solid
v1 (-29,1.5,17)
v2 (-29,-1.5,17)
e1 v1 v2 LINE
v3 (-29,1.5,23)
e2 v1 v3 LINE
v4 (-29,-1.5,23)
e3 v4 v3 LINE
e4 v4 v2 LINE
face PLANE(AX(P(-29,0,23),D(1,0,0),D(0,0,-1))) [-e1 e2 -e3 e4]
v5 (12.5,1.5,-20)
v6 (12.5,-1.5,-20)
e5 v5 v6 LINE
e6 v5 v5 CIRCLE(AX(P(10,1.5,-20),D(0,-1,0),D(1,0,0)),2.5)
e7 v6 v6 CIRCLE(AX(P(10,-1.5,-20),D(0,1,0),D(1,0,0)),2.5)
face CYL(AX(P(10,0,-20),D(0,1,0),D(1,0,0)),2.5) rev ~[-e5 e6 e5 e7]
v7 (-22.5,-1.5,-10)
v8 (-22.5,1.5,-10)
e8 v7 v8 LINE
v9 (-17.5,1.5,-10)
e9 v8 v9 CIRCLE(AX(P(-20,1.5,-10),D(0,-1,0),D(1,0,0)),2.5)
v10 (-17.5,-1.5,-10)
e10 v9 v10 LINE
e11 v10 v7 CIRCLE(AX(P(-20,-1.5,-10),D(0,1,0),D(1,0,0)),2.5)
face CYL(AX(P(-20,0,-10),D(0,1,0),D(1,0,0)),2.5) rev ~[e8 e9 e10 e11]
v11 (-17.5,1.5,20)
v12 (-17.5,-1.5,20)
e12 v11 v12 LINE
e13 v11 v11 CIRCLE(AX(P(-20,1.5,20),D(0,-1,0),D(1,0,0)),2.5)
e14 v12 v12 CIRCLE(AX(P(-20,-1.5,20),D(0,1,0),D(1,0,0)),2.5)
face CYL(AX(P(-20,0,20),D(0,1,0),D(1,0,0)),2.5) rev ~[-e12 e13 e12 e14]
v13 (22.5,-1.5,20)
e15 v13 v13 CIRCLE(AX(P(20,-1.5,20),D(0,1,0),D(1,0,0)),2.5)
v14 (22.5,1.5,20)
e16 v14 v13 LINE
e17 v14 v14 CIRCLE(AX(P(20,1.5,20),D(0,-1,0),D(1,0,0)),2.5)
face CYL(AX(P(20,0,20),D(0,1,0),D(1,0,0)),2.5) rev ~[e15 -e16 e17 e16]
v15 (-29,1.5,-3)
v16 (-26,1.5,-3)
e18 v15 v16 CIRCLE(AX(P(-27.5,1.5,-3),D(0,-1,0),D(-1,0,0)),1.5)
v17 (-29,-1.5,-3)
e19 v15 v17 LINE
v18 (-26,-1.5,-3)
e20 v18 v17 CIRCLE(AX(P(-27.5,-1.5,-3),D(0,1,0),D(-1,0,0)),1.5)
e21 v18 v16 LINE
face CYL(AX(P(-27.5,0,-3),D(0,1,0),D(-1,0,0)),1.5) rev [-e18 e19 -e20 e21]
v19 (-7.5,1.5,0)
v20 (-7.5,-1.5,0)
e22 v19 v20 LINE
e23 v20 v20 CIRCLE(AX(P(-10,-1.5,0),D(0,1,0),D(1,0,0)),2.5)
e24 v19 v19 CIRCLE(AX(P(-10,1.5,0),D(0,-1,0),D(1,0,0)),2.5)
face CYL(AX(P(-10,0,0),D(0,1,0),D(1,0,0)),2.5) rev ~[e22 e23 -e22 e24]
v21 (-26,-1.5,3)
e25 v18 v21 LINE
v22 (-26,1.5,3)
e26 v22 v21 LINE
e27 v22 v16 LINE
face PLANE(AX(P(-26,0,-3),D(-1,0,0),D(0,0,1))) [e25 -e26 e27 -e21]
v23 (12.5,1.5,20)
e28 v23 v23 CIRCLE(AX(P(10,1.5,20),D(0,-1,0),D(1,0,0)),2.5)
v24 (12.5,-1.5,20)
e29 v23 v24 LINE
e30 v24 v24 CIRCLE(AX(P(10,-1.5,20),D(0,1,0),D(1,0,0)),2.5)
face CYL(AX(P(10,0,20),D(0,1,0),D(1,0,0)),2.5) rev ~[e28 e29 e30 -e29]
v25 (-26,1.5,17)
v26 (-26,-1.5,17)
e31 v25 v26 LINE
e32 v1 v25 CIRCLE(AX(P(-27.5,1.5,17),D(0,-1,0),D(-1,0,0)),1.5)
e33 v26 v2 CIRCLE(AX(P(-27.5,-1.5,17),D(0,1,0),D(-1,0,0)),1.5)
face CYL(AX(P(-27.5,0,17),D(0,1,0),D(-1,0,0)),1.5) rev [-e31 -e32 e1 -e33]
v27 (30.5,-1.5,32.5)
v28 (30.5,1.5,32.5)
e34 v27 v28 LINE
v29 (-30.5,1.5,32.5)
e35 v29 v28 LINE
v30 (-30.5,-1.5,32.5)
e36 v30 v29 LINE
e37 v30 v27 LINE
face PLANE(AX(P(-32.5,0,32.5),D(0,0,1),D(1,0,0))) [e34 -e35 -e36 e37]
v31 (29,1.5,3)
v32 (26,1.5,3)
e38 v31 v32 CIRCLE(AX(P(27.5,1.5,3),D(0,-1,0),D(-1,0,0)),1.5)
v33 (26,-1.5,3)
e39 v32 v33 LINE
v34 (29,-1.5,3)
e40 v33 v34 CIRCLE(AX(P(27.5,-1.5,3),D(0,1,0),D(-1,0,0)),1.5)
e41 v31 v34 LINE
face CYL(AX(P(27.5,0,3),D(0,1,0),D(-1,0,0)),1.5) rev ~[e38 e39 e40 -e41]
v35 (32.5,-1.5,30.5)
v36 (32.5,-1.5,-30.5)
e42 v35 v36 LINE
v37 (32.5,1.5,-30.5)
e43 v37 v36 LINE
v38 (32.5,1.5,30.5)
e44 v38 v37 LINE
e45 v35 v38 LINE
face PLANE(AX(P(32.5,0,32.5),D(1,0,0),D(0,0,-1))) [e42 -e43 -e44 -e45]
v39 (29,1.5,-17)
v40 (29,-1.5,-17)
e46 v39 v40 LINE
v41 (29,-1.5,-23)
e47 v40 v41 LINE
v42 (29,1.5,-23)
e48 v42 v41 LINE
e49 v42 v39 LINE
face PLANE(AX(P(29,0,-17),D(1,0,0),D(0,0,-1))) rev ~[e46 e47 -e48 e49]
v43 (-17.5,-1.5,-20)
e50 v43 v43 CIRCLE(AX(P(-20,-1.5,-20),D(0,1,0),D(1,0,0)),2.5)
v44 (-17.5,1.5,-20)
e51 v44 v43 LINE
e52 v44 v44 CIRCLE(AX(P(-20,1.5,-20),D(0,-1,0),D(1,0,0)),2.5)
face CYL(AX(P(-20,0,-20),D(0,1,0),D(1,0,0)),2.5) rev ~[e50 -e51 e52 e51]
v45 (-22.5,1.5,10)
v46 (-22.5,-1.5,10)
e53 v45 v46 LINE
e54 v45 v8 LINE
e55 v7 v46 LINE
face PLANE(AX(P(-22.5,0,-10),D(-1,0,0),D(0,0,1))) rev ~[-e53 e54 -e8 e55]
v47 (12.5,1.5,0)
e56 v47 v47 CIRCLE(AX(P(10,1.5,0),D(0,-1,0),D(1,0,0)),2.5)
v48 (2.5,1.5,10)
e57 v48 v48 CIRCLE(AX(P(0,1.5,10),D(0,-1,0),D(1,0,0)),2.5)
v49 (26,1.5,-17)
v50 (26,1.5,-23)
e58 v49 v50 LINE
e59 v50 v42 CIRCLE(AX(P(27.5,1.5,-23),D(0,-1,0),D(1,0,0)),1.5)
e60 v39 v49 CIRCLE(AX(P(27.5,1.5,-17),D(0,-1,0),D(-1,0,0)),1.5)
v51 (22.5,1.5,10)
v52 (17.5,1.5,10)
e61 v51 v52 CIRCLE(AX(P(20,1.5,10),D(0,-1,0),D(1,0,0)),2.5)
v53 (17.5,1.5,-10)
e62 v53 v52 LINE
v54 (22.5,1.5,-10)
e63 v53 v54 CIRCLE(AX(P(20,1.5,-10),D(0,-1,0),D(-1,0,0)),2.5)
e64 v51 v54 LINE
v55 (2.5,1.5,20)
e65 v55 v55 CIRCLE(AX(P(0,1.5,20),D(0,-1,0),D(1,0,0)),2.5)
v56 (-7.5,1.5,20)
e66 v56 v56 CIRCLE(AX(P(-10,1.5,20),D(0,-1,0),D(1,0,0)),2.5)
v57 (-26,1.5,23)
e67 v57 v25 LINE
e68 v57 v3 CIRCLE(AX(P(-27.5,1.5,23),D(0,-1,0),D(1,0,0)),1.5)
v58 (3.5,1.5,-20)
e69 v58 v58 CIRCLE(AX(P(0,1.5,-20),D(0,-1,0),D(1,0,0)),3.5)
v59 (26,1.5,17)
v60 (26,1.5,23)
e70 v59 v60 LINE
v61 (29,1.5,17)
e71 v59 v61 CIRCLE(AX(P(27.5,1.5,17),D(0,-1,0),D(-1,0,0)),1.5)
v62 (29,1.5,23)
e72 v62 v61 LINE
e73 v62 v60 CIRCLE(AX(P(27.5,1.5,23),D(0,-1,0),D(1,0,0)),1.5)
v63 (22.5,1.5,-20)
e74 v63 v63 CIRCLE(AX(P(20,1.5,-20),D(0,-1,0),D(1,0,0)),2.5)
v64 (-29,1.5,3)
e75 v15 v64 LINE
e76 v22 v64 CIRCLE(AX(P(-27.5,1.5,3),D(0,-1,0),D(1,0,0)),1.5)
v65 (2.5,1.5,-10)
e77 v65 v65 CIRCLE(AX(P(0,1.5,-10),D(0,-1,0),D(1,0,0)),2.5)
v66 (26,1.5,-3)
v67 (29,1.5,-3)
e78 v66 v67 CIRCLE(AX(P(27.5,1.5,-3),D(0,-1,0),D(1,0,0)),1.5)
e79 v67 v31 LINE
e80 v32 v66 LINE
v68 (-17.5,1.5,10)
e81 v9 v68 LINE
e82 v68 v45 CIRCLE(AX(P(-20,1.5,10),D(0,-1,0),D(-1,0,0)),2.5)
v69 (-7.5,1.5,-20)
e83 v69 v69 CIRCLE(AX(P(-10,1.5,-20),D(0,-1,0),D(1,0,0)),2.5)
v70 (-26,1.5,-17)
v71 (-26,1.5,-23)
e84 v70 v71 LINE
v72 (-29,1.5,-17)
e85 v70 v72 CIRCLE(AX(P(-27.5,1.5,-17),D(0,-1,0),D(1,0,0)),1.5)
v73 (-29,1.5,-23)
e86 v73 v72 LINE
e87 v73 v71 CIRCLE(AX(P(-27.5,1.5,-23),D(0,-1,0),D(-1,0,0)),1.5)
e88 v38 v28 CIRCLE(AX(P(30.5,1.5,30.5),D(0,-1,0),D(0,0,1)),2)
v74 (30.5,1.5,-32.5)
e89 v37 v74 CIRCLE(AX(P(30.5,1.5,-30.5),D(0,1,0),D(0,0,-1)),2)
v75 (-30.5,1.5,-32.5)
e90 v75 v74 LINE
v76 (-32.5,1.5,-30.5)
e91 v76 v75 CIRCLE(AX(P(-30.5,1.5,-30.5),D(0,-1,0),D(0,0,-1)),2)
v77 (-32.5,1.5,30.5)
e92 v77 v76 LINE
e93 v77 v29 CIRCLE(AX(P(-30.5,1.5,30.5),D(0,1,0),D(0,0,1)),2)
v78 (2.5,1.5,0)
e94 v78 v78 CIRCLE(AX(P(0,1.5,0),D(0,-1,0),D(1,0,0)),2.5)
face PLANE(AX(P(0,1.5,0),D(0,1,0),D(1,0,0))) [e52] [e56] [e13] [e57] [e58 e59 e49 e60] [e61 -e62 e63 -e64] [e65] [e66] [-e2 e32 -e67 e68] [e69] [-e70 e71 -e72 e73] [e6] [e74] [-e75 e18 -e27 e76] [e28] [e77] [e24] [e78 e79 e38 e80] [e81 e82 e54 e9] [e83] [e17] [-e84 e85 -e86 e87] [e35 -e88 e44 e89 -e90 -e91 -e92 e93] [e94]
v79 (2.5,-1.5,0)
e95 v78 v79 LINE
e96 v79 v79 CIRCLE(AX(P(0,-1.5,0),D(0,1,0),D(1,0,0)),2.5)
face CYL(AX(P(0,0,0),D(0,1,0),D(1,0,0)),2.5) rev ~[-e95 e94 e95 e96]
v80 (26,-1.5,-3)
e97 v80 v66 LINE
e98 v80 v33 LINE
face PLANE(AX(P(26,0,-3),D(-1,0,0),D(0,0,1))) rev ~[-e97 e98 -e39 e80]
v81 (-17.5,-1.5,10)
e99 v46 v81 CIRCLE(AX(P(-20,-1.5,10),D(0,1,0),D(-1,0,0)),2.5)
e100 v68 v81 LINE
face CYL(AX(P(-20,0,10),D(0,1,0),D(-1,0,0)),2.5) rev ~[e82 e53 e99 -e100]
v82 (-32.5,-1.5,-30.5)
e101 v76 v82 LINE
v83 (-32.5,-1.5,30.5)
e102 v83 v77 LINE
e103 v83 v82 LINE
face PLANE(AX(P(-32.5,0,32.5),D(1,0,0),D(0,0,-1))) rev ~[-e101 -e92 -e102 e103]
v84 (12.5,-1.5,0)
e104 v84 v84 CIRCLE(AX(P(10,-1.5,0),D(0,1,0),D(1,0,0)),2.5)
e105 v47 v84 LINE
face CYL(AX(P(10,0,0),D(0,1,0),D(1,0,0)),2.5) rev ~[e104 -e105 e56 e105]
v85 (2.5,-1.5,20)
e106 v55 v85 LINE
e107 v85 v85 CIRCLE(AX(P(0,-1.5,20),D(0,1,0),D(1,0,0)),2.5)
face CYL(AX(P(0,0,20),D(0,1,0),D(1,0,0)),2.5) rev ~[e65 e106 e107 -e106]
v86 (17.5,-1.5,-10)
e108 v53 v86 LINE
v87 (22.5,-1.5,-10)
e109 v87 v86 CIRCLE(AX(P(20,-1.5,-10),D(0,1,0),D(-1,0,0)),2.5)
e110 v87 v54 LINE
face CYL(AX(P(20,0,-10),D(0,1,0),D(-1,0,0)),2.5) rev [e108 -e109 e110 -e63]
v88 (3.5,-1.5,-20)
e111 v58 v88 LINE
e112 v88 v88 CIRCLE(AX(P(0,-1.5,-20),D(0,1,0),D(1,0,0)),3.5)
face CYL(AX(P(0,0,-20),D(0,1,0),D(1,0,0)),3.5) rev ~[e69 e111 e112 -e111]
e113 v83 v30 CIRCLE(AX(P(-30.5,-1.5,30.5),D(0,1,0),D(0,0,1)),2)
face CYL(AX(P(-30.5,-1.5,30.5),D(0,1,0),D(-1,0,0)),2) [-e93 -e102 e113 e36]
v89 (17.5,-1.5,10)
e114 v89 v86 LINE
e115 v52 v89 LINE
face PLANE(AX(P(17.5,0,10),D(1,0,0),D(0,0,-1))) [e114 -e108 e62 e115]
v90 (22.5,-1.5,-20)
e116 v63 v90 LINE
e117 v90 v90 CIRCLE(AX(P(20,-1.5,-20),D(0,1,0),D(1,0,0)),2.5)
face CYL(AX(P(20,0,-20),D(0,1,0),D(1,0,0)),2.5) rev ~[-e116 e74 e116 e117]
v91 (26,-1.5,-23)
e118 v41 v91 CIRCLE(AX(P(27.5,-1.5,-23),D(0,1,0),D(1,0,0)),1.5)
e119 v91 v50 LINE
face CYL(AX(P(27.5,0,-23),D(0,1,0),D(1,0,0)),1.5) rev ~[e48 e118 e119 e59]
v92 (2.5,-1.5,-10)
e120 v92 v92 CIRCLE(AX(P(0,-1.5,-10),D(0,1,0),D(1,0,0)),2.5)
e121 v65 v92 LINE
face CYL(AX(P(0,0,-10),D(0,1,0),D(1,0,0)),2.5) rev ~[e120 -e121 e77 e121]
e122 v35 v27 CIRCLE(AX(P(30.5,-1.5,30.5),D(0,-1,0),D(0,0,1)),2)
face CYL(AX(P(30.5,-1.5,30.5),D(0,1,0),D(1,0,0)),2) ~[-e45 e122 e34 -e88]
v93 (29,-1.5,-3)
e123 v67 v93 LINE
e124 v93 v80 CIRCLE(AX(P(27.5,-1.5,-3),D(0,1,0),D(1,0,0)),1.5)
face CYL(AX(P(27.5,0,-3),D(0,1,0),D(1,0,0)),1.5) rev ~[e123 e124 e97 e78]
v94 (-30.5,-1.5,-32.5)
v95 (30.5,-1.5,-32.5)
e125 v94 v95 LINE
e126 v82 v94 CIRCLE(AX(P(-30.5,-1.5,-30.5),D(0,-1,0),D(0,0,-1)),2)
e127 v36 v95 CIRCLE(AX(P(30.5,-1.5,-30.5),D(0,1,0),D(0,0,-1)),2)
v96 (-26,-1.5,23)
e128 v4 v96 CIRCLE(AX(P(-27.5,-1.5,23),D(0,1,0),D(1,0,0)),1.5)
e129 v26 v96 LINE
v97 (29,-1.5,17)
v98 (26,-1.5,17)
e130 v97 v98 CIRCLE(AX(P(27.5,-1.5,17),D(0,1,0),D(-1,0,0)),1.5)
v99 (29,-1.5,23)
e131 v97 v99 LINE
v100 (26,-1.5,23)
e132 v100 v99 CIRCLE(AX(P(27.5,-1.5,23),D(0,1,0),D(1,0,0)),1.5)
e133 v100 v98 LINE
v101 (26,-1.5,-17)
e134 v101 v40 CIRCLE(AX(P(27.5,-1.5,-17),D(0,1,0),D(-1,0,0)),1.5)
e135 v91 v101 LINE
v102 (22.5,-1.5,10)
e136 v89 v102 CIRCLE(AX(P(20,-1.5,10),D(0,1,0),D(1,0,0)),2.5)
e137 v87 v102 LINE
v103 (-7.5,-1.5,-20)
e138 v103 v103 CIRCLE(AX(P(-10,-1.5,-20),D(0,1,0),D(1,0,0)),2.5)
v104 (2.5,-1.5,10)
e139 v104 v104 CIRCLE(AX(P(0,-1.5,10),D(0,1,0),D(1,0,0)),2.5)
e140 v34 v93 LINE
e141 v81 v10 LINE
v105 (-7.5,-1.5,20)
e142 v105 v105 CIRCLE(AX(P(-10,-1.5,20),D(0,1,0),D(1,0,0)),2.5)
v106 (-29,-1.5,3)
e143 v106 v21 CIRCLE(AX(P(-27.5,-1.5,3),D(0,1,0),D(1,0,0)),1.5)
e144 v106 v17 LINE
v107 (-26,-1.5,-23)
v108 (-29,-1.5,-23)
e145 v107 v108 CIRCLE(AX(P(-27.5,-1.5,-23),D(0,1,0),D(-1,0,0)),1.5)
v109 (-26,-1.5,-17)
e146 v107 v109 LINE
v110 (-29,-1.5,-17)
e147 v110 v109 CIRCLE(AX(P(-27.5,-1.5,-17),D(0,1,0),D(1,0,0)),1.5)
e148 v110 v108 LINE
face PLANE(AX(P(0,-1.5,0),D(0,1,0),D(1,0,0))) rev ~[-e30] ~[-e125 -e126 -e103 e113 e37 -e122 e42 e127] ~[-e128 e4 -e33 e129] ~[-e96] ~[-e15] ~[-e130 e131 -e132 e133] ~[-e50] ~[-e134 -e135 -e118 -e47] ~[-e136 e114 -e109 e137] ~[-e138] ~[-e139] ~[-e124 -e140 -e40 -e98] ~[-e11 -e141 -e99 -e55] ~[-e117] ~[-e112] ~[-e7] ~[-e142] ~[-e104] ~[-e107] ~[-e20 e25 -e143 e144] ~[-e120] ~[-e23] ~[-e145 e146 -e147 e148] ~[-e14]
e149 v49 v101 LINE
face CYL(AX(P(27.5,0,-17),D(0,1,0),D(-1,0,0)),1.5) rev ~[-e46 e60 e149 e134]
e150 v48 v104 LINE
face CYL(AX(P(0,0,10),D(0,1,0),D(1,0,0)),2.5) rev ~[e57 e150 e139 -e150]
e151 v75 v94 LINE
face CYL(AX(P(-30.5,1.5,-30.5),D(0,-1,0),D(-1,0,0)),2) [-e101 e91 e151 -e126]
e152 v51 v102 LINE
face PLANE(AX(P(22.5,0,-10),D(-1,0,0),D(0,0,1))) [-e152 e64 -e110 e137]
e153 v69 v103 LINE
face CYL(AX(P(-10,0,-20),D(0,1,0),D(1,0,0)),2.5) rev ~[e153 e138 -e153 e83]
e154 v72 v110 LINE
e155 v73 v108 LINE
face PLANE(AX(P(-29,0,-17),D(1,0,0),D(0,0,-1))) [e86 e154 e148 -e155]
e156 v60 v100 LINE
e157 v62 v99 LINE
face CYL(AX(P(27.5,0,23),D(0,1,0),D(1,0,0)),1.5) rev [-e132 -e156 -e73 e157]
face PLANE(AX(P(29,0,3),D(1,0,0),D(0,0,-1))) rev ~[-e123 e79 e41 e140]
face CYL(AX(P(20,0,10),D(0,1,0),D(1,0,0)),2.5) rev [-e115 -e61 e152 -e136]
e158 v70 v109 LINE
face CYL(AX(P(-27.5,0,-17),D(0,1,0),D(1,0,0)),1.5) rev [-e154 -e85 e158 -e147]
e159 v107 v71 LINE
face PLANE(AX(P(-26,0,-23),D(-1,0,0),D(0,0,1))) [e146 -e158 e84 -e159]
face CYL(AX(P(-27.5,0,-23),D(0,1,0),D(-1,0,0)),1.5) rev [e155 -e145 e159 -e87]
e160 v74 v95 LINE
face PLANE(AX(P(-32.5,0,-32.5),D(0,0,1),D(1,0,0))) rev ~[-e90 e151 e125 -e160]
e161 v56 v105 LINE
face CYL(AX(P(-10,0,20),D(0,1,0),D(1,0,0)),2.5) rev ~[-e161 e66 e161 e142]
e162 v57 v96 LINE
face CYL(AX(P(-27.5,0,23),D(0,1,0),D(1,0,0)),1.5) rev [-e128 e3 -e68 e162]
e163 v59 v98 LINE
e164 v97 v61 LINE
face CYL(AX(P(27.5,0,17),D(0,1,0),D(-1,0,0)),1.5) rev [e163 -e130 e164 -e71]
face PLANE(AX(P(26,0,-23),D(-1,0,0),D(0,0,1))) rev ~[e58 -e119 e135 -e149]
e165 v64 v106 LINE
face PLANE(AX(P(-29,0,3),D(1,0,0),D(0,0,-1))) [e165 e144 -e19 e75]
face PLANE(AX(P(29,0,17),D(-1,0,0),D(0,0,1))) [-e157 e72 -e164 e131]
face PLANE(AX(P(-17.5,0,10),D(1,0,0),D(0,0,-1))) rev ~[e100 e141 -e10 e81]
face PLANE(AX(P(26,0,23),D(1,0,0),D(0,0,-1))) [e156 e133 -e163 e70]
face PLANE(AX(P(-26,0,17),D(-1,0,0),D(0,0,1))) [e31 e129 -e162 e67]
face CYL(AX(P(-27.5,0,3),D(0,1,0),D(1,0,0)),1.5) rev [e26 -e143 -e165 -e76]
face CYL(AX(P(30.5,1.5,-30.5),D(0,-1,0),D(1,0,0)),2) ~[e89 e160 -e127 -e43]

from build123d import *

# Parameters (mm, degrees)
SKETCH1_W               = 65
SKETCH1_H               = 65
BOSS_EXTRUDE1_DEPTH     = 1.5
SKETCH2_R               = 2.5
CUT_EXTRUDE1_DEPTH      = 2.5
CUT_EXTRUDE1_DEPTH_BACK = 2.5
CUT_EXTRUDE2_DEPTH      = 2.5
CUT_EXTRUDE2_DEPTH_BACK = 2.5
SKETCH4_R               = 3.5
CUT_EXTRUDE3_DEPTH      = 2.5
CUT_EXTRUDE3_DEPTH_BACK = 2.5
CUT_EXTRUDE4_DEPTH      = 2.5
CUT_EXTRUDE4_DEPTH_BACK = 2.5
FILLET1_R               = 2


with BuildPart() as part:
    # Sketch1 → Boss-Extrude1 (new body, symmetric)
    with BuildSketch(Plane(origin=(0, 0, 0), x_dir=(1, 0, 0), z_dir=(0, 1, 0))):
        Rectangle(SKETCH1_W, SKETCH1_H)
    extrude(amount=BOSS_EXTRUDE1_DEPTH, both=True)

    # Sketch2 → Cut-Extrude1 (cut, two sides)
    with BuildSketch(Plane(origin=(0, 0, 0), x_dir=(1, 0, 0), z_dir=(0, 1, 0))) as cut_extrude1_sk:
        Circle(SKETCH2_R)
        with Locations((0, 10)):
            Circle(SKETCH2_R)
        with Locations((0, -10)):
            Circle(SKETCH2_R)
        with Locations((0, -20)):
            Circle(SKETCH2_R)
        with Locations((-10, 0)):
            Circle(SKETCH2_R)
        with Locations((-10, 20)):
            Circle(SKETCH2_R)
        with Locations((-10, -20)):
            Circle(SKETCH2_R)
        with Locations((-20, 20)):
            Circle(SKETCH2_R)
        with Locations((-20, -20)):
            Circle(SKETCH2_R)
        with Locations((10, 0)):
            Circle(SKETCH2_R)
        with Locations((10, 20)):
            Circle(SKETCH2_R)
        with Locations((10, -20)):
            Circle(SKETCH2_R)
        with Locations((20, 20)):
            Circle(SKETCH2_R)
        with Locations((20, -20)):
            Circle(SKETCH2_R)
    extrude(amount=CUT_EXTRUDE1_DEPTH, mode=Mode.SUBTRACT)
    extrude(cut_extrude1_sk.sketch, amount=-CUT_EXTRUDE1_DEPTH_BACK, mode=Mode.SUBTRACT)

    # Sketch3 → Cut-Extrude2 (cut, two sides)
    with BuildSketch(Plane(origin=(0, 0, 0), x_dir=(1, 0, 0), z_dir=(0, 1, 0))) as cut_extrude2_sk:
        with BuildLine():
            Line((22.5, 10), (22.5, -10))
            ThreePointArc((22.5, -10), (20, -12.5), (17.5, -10))
            Line((17.5, -10), (17.5, 10))
            ThreePointArc((17.5, 10), (20, 12.5), (22.5, 10))
        make_face()
        with BuildLine():
            Line((-22.5, 10), (-22.5, -10))
            ThreePointArc((-22.5, -10), (-20, -12.5), (-17.5, -10))
            Line((-17.5, -10), (-17.5, 10))
            ThreePointArc((-17.5, 10), (-20, 12.5), (-22.5, 10))
        make_face()
    extrude(amount=CUT_EXTRUDE2_DEPTH, mode=Mode.SUBTRACT)
    extrude(cut_extrude2_sk.sketch, amount=-CUT_EXTRUDE2_DEPTH_BACK, mode=Mode.SUBTRACT)

    # Sketch4 → Cut-Extrude3 (cut, two sides)
    with BuildSketch(Plane(origin=(0, 0, 0), x_dir=(1, 0, 0), z_dir=(0, 1, 0))) as cut_extrude3_sk:
        with Locations((0, 20)):
            Circle(SKETCH4_R)
    extrude(amount=CUT_EXTRUDE3_DEPTH, mode=Mode.SUBTRACT)
    extrude(cut_extrude3_sk.sketch, amount=-CUT_EXTRUDE3_DEPTH_BACK, mode=Mode.SUBTRACT)

    # Sketch5 → Cut-Extrude4 (cut, two sides)
    with BuildSketch(Plane(origin=(0, 0, 0), x_dir=(1, 0, 0), z_dir=(0, 1, 0))) as cut_extrude4_sk:
        with BuildLine():
            ThreePointArc((-26, -23), (-27.5, -24.5), (-29, -23))
            Line((-29, -23), (-29, -17))
            ThreePointArc((-29, -17), (-27.5, -15.5), (-26, -17))
            Line((-26, -17), (-26, -23))
        make_face()
        with BuildLine():
            Line((26, 3), (26, -3))
            ThreePointArc((26, -3), (27.5, -4.5), (29, -3))
            Line((29, -3), (29, 3))
            ThreePointArc((29, 3), (27.5, 4.5), (26, 3))
        make_face()
        with BuildLine():
            Line((26, 23), (26, 17))
            ThreePointArc((26, 17), (27.5, 15.5), (29, 17))
            Line((29, 17), (29, 23))
            ThreePointArc((29, 23), (27.5, 24.5), (26, 23))
        make_face()
        with BuildLine():
            Line((-26, 23), (-26, 17))
            ThreePointArc((-26, 17), (-27.5, 15.5), (-29, 17))
            Line((-29, 17), (-29, 23))
            ThreePointArc((-29, 23), (-27.5, 24.5), (-26, 23))
        make_face()
        with BuildLine():
            Line((-26, 3), (-26, -3))
            ThreePointArc((-26, -3), (-27.5, -4.5), (-29, -3))
            Line((-29, -3), (-29, 3))
            ThreePointArc((-29, 3), (-27.5, 4.5), (-26, 3))
        make_face()
        with BuildLine():
            Line((29, -17), (29, -23))
            ThreePointArc((29, -23), (27.5, -24.5), (26, -23))
            Line((26, -23), (26, -17))
            ThreePointArc((26, -17), (27.5, -15.5), (29, -17))
        make_face()
    extrude(amount=CUT_EXTRUDE4_DEPTH, mode=Mode.SUBTRACT)
    extrude(cut_extrude4_sk.sketch, amount=-CUT_EXTRUDE4_DEPTH_BACK, mode=Mode.SUBTRACT)

    # Fillet1
    fillet1_edges = [part.edges().sort_by_distance(p)[0] for p in [
        (32.5, 0, 32.5),
        (-32.5, 0, 32.5),
        (-32.5, 0, -32.5),
        (32.5, 0, -32.5),
    ]]
    fillet(fillet1_edges, radius=FILLET1_R)


solid = part.part
